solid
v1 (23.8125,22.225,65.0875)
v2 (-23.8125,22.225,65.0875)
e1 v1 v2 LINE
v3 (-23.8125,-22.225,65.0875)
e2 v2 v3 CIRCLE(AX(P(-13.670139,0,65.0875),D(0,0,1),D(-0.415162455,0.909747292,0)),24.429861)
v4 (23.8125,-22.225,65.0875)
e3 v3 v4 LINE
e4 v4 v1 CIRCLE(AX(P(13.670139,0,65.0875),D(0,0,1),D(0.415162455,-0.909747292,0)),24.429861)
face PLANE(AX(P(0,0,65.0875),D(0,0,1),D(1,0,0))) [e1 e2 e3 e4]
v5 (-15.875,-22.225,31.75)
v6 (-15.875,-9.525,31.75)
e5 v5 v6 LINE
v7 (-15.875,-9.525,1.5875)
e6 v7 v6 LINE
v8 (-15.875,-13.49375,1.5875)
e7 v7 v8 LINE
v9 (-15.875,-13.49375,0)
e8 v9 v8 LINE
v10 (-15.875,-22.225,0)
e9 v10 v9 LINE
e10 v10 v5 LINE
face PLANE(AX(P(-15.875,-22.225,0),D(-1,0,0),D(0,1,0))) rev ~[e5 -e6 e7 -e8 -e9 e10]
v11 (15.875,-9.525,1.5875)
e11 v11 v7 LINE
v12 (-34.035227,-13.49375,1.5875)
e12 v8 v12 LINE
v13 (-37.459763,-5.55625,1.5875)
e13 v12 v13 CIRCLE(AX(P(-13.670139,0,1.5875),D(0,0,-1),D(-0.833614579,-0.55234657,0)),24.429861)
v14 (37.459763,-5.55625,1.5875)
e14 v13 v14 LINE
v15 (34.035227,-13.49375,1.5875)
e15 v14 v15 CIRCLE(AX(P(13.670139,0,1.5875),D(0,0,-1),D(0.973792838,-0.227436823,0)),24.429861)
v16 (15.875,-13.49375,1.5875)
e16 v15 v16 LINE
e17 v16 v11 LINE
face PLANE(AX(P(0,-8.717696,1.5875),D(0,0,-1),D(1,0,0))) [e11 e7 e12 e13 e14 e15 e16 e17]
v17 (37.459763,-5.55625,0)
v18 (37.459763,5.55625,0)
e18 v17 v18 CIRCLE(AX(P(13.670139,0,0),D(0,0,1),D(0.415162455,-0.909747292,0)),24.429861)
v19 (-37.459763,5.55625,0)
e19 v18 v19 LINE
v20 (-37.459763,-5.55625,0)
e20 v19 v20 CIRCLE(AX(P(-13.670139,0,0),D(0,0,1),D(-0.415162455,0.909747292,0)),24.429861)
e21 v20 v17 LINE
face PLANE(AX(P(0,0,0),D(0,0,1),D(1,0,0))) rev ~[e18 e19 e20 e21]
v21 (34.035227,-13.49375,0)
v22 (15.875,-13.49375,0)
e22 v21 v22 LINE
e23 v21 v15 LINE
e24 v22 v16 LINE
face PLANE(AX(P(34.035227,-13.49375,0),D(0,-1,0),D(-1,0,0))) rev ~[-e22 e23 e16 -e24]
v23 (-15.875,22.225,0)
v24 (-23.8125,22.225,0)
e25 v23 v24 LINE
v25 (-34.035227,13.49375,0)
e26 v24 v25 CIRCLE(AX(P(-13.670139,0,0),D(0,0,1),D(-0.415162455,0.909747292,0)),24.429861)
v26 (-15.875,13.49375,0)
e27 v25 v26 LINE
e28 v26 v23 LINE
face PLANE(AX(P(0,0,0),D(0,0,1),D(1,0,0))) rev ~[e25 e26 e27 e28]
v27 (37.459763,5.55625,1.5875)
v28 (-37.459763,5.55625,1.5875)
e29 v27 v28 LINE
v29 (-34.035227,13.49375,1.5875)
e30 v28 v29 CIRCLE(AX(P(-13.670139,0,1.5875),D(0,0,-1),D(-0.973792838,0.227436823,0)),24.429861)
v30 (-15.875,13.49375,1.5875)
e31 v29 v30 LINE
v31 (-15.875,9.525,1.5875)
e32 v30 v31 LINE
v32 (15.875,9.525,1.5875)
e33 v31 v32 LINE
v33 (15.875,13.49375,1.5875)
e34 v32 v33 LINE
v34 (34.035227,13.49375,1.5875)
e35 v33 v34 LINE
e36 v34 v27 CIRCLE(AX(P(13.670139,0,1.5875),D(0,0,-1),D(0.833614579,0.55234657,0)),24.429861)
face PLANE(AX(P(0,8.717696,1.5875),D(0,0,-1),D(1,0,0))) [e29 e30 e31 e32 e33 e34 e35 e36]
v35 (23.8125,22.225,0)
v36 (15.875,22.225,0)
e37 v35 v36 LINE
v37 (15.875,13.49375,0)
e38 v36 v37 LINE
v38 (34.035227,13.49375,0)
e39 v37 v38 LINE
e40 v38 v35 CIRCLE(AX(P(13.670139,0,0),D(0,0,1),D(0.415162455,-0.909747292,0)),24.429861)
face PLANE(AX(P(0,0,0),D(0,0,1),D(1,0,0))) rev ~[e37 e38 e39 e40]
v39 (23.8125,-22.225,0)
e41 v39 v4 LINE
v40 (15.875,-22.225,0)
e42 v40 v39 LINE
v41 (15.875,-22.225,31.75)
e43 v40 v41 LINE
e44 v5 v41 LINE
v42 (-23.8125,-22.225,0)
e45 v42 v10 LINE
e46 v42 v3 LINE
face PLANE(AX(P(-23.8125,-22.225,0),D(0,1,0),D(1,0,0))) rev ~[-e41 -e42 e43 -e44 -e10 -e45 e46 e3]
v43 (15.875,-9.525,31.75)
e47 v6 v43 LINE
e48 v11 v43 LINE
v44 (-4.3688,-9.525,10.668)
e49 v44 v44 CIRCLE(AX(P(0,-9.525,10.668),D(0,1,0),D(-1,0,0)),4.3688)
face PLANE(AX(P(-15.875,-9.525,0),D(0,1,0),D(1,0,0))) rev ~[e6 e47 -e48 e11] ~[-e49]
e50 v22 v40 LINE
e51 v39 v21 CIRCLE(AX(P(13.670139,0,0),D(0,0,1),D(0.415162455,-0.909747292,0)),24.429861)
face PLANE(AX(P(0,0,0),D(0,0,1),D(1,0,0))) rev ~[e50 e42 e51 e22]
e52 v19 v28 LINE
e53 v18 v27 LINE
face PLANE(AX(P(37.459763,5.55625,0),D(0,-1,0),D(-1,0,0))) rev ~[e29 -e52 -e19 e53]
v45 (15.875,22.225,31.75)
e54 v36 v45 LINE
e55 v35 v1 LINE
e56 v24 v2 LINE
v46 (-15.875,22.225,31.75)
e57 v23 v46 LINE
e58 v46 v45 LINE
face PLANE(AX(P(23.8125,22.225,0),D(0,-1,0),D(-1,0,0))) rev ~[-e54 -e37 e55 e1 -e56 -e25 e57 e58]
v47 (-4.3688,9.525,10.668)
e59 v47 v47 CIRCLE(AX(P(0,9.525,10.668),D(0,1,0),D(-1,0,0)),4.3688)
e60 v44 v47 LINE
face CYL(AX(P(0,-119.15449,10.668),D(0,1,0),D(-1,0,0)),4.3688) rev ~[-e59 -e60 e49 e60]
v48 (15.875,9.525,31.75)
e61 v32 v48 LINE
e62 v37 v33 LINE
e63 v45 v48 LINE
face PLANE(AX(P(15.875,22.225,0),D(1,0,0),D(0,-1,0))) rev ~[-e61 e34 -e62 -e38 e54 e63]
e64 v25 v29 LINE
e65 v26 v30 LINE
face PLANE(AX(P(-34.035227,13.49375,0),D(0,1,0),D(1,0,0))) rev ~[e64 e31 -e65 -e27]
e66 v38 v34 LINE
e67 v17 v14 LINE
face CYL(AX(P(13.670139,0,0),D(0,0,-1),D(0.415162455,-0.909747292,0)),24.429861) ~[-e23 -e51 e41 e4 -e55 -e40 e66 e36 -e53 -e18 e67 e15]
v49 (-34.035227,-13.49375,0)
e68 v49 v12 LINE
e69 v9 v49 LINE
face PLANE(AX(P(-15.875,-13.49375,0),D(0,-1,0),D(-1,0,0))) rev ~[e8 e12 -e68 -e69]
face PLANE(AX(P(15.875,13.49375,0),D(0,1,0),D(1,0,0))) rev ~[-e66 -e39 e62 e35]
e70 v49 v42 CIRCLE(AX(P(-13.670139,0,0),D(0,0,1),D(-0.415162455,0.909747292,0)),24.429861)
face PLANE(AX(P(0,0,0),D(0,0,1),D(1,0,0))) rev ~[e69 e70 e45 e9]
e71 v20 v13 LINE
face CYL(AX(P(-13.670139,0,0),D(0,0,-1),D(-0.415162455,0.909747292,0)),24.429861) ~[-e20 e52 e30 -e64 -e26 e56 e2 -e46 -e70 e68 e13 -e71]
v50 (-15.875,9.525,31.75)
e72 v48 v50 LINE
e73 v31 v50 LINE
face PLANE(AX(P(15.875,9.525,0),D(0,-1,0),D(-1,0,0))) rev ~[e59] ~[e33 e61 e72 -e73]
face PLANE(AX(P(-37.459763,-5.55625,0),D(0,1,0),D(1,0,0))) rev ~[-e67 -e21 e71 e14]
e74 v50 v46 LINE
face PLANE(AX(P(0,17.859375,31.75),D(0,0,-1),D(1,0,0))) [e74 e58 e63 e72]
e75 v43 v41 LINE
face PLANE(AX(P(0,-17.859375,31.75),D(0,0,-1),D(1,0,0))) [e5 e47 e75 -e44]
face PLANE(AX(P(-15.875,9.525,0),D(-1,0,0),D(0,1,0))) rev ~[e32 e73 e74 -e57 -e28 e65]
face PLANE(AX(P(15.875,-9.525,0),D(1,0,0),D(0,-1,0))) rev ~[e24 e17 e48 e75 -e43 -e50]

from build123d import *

# Parameters (mm, degrees)
F1_DEPTH = 65.0875
F2_W     = 31.75
F2_H     = 8.73125
F3_DEPTH = 31.75
F4_DEPTH = 1.5875
F6_D     = 8.7376


with BuildPart() as f1:
    # F0 (on Top) → F1 (new body)
    with BuildSketch(Plane.XY):
        with BuildLine():
            ThreePointArc((-23.8125, 22.225), (-38.1, 0), (-23.8125, -22.225))
            Line((-23.8125, -22.225), (23.8125, -22.225))
            ThreePointArc((23.8125, -22.225), (38.1, 0), (23.8125, 22.225))
            Line((23.8125, 22.225), (-23.8125, 22.225))
        make_face()
    extrude(amount=F1_DEPTH)

    # F2 (on face) → F3 (cut)
    with BuildSketch(Plane(origin=(0, 0, 0), x_dir=(1, 0, 0), z_dir=(0, 0, -1))):
        with Locations((0, 17.859375)):
            Rectangle(F2_W, F2_H)
        Polygon((15.875, 13.49375), (-15.875, 13.49375), (-15.875, 9.525), (0, 9.525), (15.875, 9.525), align=None)
        with Locations((0, -17.859375)):
            Rectangle(F2_W, F2_H)
        Polygon((-15.875, -9.525), (-15.875, -13.49375), (15.875, -13.49375), (15.875, -9.525), (0, -9.525), align=None)
    extrude(amount=-F3_DEPTH, mode=Mode.SUBTRACT)

    # F2 (on face) → F4 (cut)
    with BuildSketch(Plane(origin=(0, 0, 0), x_dir=(1, 0, 0), z_dir=(0, 0, -1))):
        with BuildLine():
            Line((-15.875, 13.49375), (-34.0352272718, 13.49375))
            ThreePointArc((-34.0352272718, 13.49375), (-36.1013811244, 9.6776797674), (-37.4597626742, 5.55625))
            Line((-37.4597626742, 5.55625), (37.4597626742, 5.55625))
            ThreePointArc((37.4597626742, 5.55625), (36.1013811244, 9.6776797674), (34.0352272718, 13.49375))
            Line((34.0352272718, 13.49375), (15.875, 13.49375))
            Line((15.875, 13.49375), (15.875, 9.525))
            Line((15.875, 9.525), (0, 9.525))
            Line((0, 9.525), (-15.875, 9.525))
            Line((-15.875, 9.525), (-15.875, 13.49375))
        make_face()
        with BuildLine():
            Line((37.4597626742, -5.55625), (-37.4597626742, -5.55625))
            ThreePointArc((-37.4597626742, -5.55625), (-36.1013811244, -9.6776797674), (-34.0352272718, -13.49375))
            Line((-34.0352272718, -13.49375), (-15.875, -13.49375))
            Line((-15.875, -13.49375), (-15.875, -9.525))
            Line((-15.875, -9.525), (0, -9.525))
            Line((0, -9.525), (15.875, -9.525))
            Line((15.875, -9.525), (15.875, -13.49375))
            Line((15.875, -13.49375), (34.0352272718, -13.49375))
            ThreePointArc((34.0352272718, -13.49375), (36.1013811244, -9.6776797674), (37.4597626742, -5.55625))
        make_face()
    extrude(amount=-F4_DEPTH, mode=Mode.SUBTRACT)

    # F6 (through all)
    with Locations(Plane.XZ.offset(9.525)):
        with Locations((0, 10.668)):
            Hole(F6_D / 2)


solid = f1.part
